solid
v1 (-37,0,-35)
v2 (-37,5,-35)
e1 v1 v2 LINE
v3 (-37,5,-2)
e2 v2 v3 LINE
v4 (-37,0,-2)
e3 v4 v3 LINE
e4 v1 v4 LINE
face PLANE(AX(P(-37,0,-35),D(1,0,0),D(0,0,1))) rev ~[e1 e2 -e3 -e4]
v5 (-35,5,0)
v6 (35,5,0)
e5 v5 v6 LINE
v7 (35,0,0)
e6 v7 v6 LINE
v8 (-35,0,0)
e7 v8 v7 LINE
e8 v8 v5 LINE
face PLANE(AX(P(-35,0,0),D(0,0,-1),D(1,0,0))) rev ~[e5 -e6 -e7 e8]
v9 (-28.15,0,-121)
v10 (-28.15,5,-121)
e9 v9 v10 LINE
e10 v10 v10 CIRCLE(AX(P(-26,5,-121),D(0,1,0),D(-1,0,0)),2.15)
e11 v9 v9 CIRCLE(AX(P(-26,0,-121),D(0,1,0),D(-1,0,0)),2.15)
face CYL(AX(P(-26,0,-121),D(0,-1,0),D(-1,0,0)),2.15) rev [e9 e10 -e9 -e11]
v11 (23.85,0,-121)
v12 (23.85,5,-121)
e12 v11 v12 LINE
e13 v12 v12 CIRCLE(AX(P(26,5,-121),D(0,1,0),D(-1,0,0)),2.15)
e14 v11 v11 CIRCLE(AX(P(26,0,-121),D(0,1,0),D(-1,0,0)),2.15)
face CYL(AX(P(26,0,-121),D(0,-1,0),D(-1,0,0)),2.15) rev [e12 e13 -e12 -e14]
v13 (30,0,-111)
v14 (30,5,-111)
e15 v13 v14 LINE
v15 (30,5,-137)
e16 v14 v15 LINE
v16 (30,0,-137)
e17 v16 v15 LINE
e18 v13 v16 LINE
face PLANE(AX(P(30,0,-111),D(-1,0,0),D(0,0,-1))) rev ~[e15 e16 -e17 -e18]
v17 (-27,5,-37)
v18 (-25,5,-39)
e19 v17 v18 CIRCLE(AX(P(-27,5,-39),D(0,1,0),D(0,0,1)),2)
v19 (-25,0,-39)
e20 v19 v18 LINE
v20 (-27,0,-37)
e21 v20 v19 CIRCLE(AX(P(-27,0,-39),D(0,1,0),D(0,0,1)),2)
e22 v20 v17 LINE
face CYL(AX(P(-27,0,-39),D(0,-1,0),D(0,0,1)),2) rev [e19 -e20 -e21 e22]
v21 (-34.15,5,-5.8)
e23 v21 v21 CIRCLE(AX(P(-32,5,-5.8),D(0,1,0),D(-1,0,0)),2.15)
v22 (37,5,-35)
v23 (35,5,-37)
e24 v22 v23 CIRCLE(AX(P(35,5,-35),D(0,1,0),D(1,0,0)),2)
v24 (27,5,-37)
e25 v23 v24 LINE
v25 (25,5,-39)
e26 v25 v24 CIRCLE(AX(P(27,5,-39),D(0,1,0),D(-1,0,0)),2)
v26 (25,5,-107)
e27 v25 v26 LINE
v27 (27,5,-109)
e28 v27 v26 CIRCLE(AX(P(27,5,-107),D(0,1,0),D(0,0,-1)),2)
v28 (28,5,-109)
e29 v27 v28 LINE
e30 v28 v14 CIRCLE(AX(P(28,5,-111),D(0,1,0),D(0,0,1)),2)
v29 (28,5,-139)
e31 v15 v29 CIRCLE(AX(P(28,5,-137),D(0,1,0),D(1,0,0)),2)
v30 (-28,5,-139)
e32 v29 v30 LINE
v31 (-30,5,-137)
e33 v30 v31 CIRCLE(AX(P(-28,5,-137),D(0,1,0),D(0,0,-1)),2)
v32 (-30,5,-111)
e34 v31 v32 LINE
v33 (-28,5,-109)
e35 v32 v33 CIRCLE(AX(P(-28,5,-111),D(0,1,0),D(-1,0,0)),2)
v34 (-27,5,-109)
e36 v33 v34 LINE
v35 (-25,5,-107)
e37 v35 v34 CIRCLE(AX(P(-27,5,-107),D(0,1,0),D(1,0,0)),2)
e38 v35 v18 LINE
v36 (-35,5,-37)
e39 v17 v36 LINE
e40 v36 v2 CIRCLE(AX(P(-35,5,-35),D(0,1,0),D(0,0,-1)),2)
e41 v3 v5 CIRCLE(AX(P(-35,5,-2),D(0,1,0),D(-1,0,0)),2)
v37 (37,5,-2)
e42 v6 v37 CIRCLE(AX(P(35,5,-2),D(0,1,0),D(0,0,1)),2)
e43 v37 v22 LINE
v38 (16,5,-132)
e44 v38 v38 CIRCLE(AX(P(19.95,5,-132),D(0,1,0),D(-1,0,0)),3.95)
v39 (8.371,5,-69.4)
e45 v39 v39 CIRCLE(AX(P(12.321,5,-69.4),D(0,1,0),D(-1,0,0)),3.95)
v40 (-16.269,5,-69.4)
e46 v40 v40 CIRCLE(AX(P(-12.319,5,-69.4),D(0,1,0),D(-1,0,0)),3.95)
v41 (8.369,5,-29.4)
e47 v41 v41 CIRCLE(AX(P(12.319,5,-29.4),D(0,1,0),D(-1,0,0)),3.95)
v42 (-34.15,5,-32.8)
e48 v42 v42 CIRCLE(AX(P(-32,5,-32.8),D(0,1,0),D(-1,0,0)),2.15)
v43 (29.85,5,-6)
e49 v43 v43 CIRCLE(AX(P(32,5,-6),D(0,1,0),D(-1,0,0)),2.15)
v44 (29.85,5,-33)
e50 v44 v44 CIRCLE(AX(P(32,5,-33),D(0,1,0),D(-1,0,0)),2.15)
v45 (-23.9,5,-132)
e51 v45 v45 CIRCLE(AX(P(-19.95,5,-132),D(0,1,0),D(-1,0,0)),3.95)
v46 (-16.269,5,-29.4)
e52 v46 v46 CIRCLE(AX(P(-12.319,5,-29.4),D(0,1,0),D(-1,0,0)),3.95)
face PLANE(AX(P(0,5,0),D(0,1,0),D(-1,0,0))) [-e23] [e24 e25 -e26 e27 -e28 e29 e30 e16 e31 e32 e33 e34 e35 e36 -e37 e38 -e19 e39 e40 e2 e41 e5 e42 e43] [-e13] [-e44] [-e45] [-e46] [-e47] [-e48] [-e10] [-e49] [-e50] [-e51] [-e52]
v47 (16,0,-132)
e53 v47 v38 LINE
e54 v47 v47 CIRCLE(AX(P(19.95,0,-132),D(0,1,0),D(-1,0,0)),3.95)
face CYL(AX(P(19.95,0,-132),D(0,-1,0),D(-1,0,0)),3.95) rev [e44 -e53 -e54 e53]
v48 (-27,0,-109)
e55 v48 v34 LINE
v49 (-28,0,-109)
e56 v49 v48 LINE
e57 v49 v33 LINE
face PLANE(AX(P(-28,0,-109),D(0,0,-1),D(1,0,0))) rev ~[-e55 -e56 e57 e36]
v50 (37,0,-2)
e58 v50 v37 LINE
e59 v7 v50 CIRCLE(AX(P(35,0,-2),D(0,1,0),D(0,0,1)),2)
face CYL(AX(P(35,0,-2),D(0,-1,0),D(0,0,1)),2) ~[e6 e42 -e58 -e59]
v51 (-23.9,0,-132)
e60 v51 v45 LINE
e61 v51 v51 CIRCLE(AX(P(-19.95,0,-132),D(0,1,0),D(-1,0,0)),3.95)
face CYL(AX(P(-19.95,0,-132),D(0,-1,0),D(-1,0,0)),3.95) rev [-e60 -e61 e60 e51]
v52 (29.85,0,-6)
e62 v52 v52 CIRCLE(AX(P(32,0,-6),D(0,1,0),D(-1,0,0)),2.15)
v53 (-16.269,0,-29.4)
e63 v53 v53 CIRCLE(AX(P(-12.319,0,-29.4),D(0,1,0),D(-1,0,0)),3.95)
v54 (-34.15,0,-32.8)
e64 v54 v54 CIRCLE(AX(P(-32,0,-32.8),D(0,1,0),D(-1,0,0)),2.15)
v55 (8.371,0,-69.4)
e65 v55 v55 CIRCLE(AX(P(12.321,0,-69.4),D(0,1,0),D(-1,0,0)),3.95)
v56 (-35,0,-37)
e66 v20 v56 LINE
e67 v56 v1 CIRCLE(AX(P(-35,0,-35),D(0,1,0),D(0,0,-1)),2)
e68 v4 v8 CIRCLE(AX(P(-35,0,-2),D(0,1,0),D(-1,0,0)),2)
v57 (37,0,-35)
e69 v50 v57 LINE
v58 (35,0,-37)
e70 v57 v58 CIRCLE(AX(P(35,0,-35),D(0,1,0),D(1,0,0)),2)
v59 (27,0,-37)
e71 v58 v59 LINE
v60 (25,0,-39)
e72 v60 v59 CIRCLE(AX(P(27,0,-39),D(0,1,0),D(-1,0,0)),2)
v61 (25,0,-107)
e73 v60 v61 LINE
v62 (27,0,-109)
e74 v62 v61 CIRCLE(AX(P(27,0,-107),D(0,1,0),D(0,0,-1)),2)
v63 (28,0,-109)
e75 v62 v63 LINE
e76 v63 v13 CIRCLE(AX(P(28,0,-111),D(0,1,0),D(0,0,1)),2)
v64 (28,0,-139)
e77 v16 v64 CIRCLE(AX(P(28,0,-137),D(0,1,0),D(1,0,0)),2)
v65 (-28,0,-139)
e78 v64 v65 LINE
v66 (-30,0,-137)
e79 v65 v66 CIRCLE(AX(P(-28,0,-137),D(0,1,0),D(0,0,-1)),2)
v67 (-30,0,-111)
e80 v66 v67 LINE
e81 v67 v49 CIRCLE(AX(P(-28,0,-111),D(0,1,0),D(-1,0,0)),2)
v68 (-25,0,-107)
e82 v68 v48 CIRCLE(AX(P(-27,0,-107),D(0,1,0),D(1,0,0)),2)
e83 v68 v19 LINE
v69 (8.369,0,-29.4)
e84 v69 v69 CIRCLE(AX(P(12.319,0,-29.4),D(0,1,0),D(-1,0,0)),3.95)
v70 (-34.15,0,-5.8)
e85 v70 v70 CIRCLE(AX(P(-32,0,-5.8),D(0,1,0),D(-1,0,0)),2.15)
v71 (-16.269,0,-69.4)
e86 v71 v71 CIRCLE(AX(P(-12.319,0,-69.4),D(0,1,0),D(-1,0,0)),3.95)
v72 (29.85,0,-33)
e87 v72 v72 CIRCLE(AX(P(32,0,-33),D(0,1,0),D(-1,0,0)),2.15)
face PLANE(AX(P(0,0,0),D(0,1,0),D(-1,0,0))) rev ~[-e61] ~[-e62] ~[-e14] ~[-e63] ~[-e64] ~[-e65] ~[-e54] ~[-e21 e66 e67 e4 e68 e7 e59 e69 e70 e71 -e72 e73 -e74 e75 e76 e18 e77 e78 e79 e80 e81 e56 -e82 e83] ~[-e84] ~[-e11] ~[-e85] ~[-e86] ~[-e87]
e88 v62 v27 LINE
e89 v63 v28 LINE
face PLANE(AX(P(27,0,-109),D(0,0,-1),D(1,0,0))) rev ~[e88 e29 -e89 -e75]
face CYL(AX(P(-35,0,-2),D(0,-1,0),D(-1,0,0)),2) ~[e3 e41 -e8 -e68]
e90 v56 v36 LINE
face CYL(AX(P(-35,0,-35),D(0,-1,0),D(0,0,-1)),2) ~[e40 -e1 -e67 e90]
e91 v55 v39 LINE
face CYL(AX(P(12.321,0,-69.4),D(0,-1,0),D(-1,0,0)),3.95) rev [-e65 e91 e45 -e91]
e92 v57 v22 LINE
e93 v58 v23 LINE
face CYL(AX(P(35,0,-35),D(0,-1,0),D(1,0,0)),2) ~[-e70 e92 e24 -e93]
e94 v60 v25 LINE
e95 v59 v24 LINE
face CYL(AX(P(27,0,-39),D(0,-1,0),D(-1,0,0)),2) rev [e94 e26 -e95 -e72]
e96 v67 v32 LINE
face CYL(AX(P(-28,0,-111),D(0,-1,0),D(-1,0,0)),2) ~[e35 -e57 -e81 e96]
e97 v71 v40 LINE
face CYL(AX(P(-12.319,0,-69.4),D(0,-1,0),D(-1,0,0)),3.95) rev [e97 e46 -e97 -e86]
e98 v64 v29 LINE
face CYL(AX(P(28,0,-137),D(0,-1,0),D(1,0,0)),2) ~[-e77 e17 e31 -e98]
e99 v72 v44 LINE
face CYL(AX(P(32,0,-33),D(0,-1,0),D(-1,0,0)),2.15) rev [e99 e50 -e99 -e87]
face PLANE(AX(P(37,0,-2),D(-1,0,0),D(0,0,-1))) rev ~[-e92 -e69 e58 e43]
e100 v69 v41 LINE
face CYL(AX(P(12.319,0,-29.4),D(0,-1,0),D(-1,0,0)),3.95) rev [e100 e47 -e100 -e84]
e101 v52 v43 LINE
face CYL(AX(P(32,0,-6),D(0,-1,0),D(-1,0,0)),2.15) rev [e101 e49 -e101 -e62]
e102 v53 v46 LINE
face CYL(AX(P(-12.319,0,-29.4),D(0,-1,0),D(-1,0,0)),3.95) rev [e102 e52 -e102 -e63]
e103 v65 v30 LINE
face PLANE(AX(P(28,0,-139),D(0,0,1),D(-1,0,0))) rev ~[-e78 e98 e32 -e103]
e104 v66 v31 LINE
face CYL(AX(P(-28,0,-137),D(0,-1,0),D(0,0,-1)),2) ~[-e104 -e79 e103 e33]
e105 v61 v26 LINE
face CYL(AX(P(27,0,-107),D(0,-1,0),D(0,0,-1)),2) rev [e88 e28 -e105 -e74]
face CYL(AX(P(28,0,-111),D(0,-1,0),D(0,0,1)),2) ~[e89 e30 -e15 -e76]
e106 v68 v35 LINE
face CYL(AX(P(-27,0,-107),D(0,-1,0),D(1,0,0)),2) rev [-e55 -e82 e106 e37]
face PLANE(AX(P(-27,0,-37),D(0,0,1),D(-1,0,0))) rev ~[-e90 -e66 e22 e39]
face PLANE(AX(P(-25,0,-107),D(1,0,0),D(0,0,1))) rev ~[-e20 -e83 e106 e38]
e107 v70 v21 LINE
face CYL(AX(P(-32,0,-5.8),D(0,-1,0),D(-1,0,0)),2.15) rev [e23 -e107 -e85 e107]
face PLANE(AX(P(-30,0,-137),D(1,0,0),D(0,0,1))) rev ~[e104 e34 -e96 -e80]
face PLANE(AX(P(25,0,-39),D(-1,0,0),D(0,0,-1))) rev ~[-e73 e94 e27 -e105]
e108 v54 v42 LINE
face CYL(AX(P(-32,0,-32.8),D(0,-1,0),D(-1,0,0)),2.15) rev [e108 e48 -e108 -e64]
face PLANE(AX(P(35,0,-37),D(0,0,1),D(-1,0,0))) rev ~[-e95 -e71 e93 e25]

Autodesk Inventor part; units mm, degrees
ref_plane "YZ Plane" through (0, 0, 0) normal (1, 0, 0) x (0, 1, 0)
ref_plane "XZ Plane" through (0, 0, 0) normal (0, 1, 0) x (-1, 0, 0)
ref_plane "XY Plane" through (0, 0, 0) normal (0, 0, 1) x (1, 0, 0)
sketch "Sketch2" plane through (0, 0, 0) normal (0, 1, 0) x (-1, 0, 0)
  line L0 (35, 0) -> (-35, 0)
  line L1 (-37, -2) -> (-37, -35)
  line L2 (-35, -37) -> (-27, -37)
  line L3 (-25, -39) -> (-25, -107)
  line L4 (-27, -109) -> (-28, -109)
  line L5 (-30, -111) -> (-30, -137)
  line L6 (-28, -139) -> (28, -139)
  line L7 (30, -137) -> (30, -111)
  line L8 (28, -109) -> (27, -109)
  line L9 (25, -107) -> (25, -39)
  line L10 (27, -37) -> (35, -37)
  line L11 (37, -35) -> (37, -2)
  circle A0 centre (19.95, -132) radius 3.95
  circle A1 centre (-19.95, -132) radius 3.95
  circle A2 centre (26, -121) radius 2.15
  circle A3 centre (-26, -121) radius 2.15
  circle A4 centre (12.319, -69.4) radius 3.95
  circle A5 centre (-12.321, -69.4) radius 3.95
  circle A6 centre (12.319, -29.4) radius 3.95
  circle A7 centre (-12.319, -29.4) radius 3.95
  circle A8 centre (32, -32.8) radius 2.15
  circle A9 centre (32, -5.8) radius 2.15
  circle A10 centre (-32, -33) radius 2.15
  circle A11 centre (-32, -6) radius 2.15
  arc A12 (25, -107) -> (27, -109) centre (27, -107) ccw
  arc A13 (30, -111) -> (28, -109) centre (28, -111) ccw
  arc A14 (27, -37) -> (25, -39) centre (27, -39) ccw
  arc A15 (35, -37) -> (37, -35) centre (35, -35) ccw
  arc A16 (37, -2) -> (35, 0) centre (35, -2) ccw
  arc A17 (-35, 0) -> (-37, -2) centre (-35, -2) ccw
  arc A18 (-37, -35) -> (-35, -37) centre (-35, -35) ccw
  arc A19 (-25, -39) -> (-27, -37) centre (-27, -39) ccw
  arc A20 (-27, -109) -> (-25, -107) centre (-27, -107) ccw
  arc A21 (-28, -109) -> (-30, -111) centre (-28, -111) ccw
  arc A22 (-30, -137) -> (-28, -139) centre (-28, -137) ccw
  arc A23 (28, -139) -> (30, -137) centre (28, -137) ccw
  point P0 (0, 0)
  point P1 (37, 0)
  point P2 (-37, 0)
  point P3 (-37, -37)
  point P4 (-25, -37)
  point P5 (-25, -109)
  point P6 (-30, -109)
  point P7 (-30, -139)
  point P8 (30, -139)
  point P9 (30, -109)
  point P10 (25, -109)
  point P11 (25, -37)
  point P12 (37, -37)
  dimension "d71" = 74
  dimension "d72" = 37
  dimension "d73" = 12
  dimension "d74" = 72
  dimension "d76" = 30
  dimension "d77" = 60
  dimension "d78" = 30
  dimension "d79" = 5
  dimension "d80" = 72
  dimension "d81" = 12
  dimension "d82" = 7.9
  dimension "d83" = 7.9
  dimension "d84" = 39.9
  dimension "d85" = 7
  dimension "d86" = 7
  dimension "d87" = 37
  dimension "d88" = 4.3
  dimension "d89" = 11
  dimension "d90" = 4
  dimension "d91" = 4.3
  dimension "d92" = 5
  dimension "d93" = 11
  dimension "d94" = 4
  dimension "d95" = 52
  dimension "d96" = 7.9
  dimension "d97" = 7.9
  dimension "d98" = 7.9
  dimension "d99" = 7.9
  dimension "d100" = 24.64
  dimension "d101" = 24.638
  dimension "d102" = 12.319
  dimension "d103" = 12.319
  dimension "d104" = 40
  dimension "d105" = 29.4
  dimension "d108" = 19.95
  dimension "d109" = 4.3
  dimension "d110" = 4.3
  dimension "d111" = 4.3
  dimension "d112" = 4.3
  dimension "d113" = 27
  dimension "d114" = 27
  dimension "d115" = 5
  dimension "d116" = 5
  dimension "d117" = 6
  dimension "d118" = 5.8
  dimension "d121" = 37
  dimension "d122" = 2
  dimension "d123" = 5
  dimension "d124" = 5
  dimension "d125" = 30
extrude "Extrusion3" add sketch "Sketch2" along normal blind 5
equation "\"d72\" = d121"
equation "\"d78\" = d76"
properties part number "BottomSupport"
